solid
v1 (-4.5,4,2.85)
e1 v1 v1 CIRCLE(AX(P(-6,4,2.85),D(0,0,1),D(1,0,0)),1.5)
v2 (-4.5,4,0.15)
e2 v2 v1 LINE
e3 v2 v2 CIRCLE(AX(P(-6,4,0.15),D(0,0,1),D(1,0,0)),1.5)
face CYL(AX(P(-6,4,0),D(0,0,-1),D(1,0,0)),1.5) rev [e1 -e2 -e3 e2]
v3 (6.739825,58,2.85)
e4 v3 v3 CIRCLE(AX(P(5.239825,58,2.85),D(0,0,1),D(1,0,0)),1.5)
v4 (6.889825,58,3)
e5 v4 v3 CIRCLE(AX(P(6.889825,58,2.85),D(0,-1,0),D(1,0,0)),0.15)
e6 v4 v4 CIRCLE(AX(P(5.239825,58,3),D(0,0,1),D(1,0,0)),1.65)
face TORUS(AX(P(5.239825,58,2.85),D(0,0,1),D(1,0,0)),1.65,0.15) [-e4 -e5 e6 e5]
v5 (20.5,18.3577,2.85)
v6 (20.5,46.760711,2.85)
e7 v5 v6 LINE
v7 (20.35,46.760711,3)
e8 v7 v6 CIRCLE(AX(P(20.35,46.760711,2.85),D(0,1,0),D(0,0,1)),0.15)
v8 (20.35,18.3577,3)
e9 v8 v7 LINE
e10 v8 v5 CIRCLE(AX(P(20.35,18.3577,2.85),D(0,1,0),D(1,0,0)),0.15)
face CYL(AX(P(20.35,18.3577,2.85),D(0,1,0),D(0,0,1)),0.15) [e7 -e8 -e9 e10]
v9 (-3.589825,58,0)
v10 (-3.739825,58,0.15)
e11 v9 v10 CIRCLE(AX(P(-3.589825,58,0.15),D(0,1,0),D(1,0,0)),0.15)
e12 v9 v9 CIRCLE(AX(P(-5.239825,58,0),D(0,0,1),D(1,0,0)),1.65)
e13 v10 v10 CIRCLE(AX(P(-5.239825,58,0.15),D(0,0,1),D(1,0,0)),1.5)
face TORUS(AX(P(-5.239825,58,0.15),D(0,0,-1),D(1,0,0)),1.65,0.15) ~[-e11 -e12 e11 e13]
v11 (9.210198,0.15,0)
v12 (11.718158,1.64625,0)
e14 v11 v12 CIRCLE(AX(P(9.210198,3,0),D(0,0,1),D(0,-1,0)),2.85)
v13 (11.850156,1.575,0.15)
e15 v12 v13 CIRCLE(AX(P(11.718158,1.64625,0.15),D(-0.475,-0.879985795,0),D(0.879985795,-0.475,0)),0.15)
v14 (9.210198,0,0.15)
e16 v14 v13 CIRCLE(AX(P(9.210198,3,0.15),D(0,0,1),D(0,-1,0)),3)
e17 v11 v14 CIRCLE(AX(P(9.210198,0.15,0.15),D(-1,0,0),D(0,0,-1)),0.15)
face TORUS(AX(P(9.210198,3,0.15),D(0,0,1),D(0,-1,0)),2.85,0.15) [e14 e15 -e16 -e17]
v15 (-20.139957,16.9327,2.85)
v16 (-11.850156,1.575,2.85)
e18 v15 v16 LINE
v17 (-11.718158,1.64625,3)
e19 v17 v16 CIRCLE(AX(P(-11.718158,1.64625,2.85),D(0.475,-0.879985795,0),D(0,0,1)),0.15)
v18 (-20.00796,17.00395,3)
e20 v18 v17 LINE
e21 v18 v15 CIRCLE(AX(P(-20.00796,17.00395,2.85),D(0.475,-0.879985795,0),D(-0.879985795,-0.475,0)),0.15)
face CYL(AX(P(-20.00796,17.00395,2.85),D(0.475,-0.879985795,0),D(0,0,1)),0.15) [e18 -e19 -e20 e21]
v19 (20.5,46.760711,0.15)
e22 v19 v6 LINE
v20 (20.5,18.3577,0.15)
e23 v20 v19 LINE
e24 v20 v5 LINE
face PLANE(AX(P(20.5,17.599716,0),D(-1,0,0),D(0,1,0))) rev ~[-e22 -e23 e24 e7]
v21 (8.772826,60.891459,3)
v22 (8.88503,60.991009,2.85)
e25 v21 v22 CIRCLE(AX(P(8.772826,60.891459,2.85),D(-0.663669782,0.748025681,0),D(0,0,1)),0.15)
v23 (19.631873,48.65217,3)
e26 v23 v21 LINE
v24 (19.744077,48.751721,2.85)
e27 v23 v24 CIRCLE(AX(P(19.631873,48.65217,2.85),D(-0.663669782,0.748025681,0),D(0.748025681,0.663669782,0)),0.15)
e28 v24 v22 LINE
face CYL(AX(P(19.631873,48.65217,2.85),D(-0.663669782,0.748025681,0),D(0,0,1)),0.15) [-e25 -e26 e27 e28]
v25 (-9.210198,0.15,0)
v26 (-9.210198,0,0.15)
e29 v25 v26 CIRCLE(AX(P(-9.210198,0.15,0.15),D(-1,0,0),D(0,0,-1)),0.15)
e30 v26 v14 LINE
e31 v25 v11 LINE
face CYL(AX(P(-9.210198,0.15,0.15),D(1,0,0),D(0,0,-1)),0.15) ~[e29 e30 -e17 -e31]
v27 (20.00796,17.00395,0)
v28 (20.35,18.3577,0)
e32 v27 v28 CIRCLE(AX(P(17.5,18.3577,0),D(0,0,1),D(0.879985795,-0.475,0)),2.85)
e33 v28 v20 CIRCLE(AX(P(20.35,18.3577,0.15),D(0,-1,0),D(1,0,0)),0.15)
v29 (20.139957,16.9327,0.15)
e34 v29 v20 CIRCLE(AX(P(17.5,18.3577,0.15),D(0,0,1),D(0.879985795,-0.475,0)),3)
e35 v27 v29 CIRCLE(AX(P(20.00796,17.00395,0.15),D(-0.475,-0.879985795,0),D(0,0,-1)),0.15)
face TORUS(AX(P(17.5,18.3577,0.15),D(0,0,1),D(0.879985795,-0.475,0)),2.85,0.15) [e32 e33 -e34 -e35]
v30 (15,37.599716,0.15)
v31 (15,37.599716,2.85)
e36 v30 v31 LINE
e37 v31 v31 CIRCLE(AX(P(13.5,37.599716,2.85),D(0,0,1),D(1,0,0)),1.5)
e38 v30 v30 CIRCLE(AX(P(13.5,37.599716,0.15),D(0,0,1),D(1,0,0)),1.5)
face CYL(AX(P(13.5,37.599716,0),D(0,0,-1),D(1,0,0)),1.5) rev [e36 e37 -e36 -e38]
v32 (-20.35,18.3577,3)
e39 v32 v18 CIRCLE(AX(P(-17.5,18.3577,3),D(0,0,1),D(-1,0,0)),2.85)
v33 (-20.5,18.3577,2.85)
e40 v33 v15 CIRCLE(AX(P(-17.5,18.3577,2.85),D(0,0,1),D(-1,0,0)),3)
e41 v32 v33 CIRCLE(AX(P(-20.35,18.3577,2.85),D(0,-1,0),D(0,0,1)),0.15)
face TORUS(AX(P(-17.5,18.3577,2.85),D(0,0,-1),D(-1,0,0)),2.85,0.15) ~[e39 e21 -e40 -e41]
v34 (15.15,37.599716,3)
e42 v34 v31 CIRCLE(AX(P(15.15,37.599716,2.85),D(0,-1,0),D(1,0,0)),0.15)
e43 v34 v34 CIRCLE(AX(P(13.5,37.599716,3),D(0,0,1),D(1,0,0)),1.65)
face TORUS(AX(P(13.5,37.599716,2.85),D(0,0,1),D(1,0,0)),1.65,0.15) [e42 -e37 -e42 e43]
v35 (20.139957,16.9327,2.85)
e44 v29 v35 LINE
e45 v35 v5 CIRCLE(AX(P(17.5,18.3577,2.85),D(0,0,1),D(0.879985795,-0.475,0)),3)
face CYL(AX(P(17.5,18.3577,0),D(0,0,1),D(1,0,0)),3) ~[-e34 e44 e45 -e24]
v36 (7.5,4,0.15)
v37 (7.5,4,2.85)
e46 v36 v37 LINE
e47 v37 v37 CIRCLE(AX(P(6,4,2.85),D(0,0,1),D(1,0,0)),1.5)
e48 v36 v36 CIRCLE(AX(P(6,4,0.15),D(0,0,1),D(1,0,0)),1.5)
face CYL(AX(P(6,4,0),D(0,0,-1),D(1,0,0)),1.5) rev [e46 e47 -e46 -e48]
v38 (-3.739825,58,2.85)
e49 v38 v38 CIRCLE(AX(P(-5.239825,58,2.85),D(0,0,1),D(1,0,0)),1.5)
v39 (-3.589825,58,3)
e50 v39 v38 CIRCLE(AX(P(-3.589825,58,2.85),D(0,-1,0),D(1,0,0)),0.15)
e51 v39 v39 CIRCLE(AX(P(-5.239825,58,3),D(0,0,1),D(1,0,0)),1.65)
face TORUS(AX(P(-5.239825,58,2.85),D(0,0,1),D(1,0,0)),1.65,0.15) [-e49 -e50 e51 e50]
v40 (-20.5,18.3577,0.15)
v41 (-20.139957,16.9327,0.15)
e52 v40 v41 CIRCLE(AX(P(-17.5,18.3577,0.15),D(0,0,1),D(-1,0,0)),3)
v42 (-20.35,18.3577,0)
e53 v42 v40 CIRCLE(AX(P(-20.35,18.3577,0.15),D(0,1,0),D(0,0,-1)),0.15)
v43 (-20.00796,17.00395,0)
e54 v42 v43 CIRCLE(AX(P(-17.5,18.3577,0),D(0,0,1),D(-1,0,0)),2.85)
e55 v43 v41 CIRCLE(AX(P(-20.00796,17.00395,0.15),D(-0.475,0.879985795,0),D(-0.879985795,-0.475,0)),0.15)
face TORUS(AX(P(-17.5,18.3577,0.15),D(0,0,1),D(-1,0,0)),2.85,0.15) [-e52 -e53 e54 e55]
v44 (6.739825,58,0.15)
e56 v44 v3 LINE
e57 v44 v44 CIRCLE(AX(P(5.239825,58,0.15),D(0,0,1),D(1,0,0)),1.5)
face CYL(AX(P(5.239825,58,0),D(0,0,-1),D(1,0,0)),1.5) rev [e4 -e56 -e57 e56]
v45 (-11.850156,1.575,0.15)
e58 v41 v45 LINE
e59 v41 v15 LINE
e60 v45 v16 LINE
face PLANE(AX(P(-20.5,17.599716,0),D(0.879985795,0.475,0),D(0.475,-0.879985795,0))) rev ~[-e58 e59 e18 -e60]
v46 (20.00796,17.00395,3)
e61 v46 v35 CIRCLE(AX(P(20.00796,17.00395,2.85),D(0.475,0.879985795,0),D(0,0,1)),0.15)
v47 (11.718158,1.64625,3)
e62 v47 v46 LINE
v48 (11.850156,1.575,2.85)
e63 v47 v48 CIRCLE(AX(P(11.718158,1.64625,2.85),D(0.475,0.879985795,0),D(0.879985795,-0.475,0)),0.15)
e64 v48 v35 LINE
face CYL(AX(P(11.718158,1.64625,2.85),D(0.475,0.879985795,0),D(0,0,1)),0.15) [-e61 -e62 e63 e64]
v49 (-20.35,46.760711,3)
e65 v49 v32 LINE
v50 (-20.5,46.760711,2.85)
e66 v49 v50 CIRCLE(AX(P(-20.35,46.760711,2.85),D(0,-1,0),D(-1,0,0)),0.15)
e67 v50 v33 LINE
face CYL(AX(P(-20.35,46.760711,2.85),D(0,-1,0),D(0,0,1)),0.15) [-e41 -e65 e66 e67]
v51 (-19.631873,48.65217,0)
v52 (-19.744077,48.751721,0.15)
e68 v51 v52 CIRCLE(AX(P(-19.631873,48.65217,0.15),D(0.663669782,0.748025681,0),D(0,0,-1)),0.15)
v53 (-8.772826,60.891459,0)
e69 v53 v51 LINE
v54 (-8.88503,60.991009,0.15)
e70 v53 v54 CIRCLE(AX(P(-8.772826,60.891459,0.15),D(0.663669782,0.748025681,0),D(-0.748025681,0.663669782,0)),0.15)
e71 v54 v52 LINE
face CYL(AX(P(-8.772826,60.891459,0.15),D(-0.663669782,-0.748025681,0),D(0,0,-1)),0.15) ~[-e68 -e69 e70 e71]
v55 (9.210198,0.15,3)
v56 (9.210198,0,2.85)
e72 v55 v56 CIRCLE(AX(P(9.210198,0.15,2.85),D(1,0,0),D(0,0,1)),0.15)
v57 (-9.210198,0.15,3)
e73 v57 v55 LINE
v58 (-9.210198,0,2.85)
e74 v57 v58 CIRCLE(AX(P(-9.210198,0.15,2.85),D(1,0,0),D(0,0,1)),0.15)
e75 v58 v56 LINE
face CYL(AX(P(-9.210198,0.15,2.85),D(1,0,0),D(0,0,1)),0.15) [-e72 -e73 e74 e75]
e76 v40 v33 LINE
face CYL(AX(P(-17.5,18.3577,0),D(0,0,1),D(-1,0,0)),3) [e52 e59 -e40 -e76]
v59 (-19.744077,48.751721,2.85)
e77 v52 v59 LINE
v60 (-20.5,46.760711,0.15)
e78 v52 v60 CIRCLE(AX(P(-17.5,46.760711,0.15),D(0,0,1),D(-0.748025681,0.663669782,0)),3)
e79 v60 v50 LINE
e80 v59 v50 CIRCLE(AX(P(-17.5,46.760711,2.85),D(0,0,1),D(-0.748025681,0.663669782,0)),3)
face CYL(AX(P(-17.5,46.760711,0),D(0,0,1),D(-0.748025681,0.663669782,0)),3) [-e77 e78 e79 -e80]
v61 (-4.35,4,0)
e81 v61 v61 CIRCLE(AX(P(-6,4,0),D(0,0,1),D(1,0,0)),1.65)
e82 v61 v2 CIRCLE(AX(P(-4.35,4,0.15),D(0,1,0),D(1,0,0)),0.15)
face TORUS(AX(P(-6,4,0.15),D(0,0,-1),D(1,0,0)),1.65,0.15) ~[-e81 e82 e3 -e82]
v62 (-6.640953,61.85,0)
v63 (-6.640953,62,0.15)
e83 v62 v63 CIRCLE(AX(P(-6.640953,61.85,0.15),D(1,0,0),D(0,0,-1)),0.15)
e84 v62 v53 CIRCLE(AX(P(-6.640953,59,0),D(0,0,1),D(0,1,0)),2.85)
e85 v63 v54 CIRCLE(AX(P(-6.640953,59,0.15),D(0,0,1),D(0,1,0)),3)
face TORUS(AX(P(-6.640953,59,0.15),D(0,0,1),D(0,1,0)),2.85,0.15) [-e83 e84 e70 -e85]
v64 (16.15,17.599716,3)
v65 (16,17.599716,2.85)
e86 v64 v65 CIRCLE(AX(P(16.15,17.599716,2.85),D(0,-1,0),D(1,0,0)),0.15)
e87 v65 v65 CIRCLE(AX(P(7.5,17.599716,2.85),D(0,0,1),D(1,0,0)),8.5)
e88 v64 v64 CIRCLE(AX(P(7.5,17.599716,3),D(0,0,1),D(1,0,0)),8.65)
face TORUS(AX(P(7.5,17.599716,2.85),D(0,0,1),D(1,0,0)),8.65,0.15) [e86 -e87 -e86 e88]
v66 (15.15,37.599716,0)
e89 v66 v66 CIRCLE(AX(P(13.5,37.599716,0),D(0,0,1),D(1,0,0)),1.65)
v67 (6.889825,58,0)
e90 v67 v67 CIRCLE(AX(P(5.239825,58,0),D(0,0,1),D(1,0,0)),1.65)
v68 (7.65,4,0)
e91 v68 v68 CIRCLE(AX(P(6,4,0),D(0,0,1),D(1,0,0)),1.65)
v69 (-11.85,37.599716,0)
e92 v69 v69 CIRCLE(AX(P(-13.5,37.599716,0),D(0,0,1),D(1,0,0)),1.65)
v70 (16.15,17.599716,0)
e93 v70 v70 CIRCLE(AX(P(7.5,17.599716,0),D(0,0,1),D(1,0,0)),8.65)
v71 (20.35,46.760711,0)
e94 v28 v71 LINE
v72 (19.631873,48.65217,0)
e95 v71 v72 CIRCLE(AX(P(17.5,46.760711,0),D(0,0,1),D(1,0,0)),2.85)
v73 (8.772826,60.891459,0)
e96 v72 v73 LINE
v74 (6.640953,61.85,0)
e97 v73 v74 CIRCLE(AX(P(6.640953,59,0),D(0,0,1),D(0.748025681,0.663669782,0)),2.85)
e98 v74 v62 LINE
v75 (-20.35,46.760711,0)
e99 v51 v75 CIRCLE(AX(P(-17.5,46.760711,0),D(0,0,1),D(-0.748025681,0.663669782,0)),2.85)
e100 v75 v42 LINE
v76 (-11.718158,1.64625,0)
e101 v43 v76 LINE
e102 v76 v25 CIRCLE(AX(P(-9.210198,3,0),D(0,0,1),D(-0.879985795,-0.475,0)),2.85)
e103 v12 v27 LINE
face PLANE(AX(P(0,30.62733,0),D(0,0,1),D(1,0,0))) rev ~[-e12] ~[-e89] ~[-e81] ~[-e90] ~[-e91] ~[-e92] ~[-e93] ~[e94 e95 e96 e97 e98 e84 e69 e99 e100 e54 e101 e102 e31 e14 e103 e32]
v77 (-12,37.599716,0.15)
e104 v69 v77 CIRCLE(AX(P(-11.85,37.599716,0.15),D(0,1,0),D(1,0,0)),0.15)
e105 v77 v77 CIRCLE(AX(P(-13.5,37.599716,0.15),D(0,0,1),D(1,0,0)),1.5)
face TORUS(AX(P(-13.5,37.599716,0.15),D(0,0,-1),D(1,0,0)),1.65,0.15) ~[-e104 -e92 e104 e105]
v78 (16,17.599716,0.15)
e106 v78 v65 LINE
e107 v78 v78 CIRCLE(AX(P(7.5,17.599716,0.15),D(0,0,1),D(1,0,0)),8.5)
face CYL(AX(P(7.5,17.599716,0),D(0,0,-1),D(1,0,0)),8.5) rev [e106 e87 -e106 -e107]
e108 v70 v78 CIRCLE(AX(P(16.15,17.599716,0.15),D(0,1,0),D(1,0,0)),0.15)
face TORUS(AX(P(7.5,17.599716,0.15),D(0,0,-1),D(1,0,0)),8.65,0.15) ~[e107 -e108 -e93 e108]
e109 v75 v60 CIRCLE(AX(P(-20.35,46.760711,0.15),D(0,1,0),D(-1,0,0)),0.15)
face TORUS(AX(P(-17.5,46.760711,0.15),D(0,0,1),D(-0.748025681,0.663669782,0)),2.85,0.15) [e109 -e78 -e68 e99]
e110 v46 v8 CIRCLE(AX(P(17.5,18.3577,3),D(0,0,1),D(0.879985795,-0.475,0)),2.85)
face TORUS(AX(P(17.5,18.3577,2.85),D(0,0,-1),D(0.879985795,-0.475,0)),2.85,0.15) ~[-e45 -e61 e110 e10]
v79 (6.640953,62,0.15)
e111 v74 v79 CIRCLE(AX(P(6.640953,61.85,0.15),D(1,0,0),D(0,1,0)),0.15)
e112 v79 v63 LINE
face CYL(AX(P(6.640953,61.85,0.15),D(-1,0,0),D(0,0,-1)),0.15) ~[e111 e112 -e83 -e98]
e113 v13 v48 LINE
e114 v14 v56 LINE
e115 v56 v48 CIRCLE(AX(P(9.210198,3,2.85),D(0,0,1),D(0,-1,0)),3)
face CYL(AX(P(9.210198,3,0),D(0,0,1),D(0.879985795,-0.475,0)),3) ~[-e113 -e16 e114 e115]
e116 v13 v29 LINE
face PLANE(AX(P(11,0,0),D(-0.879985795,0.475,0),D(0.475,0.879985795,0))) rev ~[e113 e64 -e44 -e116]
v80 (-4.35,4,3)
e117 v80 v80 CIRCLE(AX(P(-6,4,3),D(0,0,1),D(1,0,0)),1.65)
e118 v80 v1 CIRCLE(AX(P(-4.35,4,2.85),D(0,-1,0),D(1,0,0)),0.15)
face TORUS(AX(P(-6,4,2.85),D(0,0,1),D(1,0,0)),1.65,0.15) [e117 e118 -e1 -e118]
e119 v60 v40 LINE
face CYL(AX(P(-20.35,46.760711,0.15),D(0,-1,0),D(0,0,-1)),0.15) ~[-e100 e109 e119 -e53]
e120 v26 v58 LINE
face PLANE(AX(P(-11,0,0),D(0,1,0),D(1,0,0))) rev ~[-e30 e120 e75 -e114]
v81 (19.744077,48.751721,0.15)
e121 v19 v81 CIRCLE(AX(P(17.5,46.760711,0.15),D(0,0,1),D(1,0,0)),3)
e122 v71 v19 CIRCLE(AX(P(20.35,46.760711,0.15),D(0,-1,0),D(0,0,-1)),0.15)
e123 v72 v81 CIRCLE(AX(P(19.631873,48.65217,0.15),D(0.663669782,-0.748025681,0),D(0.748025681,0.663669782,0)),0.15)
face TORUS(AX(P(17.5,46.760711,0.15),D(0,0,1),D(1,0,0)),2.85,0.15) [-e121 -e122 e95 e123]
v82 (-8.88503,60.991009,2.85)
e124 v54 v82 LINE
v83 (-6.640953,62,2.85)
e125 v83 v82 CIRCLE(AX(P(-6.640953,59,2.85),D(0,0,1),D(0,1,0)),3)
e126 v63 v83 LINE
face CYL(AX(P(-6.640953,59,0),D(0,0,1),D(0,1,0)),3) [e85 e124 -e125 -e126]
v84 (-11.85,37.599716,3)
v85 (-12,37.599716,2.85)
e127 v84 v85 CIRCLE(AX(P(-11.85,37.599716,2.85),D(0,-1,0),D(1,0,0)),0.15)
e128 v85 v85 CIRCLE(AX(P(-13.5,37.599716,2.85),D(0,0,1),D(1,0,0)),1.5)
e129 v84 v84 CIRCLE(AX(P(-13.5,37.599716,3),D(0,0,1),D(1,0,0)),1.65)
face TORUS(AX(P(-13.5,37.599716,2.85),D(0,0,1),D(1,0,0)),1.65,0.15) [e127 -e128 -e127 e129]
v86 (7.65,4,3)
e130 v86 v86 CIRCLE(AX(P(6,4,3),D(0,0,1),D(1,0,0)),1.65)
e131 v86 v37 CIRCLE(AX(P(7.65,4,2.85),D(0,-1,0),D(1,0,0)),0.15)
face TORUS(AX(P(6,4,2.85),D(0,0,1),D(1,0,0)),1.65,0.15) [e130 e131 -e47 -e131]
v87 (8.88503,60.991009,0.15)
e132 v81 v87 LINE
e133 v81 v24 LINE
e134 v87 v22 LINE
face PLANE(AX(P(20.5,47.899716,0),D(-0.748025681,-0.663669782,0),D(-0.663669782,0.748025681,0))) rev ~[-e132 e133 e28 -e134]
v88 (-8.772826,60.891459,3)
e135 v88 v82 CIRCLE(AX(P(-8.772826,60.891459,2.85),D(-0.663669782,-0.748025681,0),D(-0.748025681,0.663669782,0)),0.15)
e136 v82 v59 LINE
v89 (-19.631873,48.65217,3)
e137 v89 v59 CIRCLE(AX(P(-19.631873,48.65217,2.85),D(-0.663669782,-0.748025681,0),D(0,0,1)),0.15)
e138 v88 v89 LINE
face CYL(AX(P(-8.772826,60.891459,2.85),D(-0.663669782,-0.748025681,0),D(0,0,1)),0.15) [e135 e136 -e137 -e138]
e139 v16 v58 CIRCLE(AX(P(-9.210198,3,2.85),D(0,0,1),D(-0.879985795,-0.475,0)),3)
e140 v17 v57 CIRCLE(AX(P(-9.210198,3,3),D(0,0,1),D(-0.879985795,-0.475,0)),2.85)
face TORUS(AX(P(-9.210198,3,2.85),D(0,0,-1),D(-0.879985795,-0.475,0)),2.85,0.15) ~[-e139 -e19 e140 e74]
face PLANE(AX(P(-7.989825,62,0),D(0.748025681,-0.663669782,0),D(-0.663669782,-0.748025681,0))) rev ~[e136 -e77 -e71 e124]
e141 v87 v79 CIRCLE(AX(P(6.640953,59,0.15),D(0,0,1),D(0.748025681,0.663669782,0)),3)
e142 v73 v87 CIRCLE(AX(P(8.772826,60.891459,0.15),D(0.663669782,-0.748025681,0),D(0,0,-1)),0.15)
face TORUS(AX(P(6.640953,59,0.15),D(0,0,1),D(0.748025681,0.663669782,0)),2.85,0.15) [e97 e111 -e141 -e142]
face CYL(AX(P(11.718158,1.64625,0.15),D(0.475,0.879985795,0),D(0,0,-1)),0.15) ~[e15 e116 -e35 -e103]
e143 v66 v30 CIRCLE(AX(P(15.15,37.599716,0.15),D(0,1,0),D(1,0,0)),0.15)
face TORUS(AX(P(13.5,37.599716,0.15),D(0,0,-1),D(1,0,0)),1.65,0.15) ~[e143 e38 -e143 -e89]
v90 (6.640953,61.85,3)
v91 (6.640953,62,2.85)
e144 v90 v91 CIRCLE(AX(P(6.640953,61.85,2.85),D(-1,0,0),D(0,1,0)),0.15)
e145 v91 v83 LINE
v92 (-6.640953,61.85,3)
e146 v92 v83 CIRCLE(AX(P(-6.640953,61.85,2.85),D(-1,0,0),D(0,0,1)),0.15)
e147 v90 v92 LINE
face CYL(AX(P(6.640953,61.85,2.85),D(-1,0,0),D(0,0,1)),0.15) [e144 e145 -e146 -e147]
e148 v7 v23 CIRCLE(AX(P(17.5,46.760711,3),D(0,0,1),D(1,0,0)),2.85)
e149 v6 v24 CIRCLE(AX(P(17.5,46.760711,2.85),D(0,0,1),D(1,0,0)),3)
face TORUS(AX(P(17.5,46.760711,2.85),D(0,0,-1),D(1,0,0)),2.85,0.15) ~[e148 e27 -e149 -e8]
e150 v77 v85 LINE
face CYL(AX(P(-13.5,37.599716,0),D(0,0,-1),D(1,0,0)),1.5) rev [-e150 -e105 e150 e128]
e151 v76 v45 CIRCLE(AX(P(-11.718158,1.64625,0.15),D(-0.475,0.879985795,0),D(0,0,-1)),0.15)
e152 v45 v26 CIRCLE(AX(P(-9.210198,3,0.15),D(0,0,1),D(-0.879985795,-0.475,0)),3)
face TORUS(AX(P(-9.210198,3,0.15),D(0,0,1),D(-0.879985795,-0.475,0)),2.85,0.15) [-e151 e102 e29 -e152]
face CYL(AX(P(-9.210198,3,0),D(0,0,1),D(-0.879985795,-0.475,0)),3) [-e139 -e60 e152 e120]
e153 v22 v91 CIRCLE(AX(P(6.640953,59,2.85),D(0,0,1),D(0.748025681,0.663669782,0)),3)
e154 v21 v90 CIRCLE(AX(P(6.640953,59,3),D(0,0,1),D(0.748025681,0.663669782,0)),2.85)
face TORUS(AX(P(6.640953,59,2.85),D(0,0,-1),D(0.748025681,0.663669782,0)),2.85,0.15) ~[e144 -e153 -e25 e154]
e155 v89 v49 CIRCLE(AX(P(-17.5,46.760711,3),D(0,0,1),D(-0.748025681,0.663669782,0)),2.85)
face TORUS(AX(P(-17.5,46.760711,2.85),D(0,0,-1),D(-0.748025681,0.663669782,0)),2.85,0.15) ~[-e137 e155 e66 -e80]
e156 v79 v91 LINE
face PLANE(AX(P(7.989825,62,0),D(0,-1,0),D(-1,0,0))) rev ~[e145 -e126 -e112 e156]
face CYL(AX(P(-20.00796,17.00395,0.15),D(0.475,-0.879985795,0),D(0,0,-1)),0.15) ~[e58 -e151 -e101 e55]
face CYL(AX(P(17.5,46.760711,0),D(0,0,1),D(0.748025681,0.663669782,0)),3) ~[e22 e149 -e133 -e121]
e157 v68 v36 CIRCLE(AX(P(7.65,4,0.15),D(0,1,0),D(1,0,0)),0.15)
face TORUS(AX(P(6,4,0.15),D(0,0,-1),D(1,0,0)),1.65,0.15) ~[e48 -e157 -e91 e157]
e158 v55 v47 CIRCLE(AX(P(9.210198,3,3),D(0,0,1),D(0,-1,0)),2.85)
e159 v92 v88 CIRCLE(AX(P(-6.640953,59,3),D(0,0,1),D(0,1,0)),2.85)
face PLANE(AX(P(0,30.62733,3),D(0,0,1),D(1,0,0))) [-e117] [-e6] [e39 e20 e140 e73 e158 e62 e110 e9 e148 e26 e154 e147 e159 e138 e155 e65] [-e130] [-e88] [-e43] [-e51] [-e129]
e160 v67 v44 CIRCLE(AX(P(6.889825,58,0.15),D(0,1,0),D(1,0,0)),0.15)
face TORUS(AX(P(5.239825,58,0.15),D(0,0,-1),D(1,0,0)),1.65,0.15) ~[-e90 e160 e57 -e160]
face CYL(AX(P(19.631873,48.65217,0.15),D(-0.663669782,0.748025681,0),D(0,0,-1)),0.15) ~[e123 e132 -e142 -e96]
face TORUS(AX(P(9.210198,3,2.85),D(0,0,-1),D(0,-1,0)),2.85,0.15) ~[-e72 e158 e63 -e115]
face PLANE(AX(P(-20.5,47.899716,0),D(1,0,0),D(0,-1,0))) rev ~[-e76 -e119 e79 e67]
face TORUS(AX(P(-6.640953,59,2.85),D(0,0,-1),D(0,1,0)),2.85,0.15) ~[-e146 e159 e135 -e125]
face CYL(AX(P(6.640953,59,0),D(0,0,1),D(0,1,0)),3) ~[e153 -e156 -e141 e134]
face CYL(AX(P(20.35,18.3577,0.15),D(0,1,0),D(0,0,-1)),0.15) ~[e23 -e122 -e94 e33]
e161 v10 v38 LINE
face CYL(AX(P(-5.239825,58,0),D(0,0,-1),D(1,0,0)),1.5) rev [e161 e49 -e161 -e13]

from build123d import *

# Parameters (mm, degrees)
SKETCH1_R           = 1.5
SKETCH1_R_2         = 8.5
BOSS_EXTRUDE1_DEPTH = 3
FILLET1_R           = 3
FILLET2_R           = 0.15


with BuildPart() as part:
    # Sketch1 → Boss-Extrude1 (new body)
    with BuildSketch(Plane.XY):
        Polygon((7.989824602, 62), (-7.989824602, 62), (-20.5, 47.899715907), (-20.5, 17.599715907), (-11, 0), (0, 0), (11, 0), (20.5, 17.599715907), (20.5, 47.899715907), align=None)
        with Locations((-6, 4)):
            Circle(SKETCH1_R, mode=Mode.SUBTRACT)
        with Locations((-13.5, 37.599715907)):
            Circle(SKETCH1_R, mode=Mode.SUBTRACT)
        with Locations((-5.239824602, 58)):
            Circle(SKETCH1_R, mode=Mode.SUBTRACT)
        with Locations((5.239824602, 58)):
            Circle(SKETCH1_R, mode=Mode.SUBTRACT)
        with Locations((13.5, 37.599715907)):
            Circle(SKETCH1_R, mode=Mode.SUBTRACT)
        with Locations((6, 4)):
            Circle(SKETCH1_R, mode=Mode.SUBTRACT)
        with Locations((7.5, 17.599715907)):
            Circle(SKETCH1_R_2, mode=Mode.SUBTRACT)
    extrude(amount=BOSS_EXTRUDE1_DEPTH)

    # Fillet1
    fillet1_edges = [part.edges().sort_by_distance(p)[0] for p in [
        (-11, 0, 1.5),
        (-20.5, 17.599715907, 1.5),
        (-20.5, 47.899715907, 1.5),
        (-7.989824602, 62, 1.5),
        (7.989824602, 62, 1.5),
        (20.5, 47.899715907, 1.5),
        (20.5, 17.599715907, 1.5),
        (11, 0, 1.5),
    ]]
    fillet(fillet1_edges, radius=FILLET1_R)

    # Fillet2
    fillet2_edges = [part.edges().sort_by_distance(p)[0] for p in [
        (-7.5, 4, 0),
        (-7.5, 4, 3),
        (-15, 37.599715907, 0),
        (-15, 37.599715907, 3),
        (-6.739824602, 58, 0),
        (-6.739824602, 58, 3),
        (3.739824602, 58, 0),
        (3.739824602, 58, 3),
        (12, 37.599715907, 0),
        (12, 37.599715907, 3),
        (4.5, 4, 0),
        (4.5, 4, 3),
        (-1, 17.599715907, 0),
        (-1, 17.599715907, 3),
        (0, 0, 0),
        (0, 0, 3),
        (15.995056577, 9.253850179, 0),
        (-15.995056577, 9.253850179, 0),
        (-20.5, 32.559205816, 0),
        (-14.314553508, 54.871364985, 0),
        (0, 62, 0),
        (14.314553508, 54.871364985, 0),
        (20.5, 32.559205816, 0),
        (20.408596926, 17.622809943, 0),
        (10.747240997, 0.423665394, 0),
        (20.304659617, 47.825551373, 0),
        (7.871191108, 61.736149488, 0),
        (-7.871191108, 61.736149488, 0),
        (-20.304659617, 47.825551373, 0),
        (-20.408596926, 17.622809943, 0),
        (-10.747240997, 0.423665394, 0),
        (-15.995056577, 9.253850179, 3),
        (15.995056577, 9.253850179, 3),
        (20.5, 32.559205816, 3),
        (14.314553508, 54.871364985, 3),
        (0, 62, 3),
        (-14.314553508, 54.871364985, 3),
        (-20.5, 32.559205816, 3),
        (20.408596926, 17.622809943, 3),
        (10.747240997, 0.423665394, 3),
        (20.304659617, 47.825551373, 3),
        (7.871191108, 61.736149488, 3),
        (-7.871191108, 61.736149488, 3),
        (-20.304659617, 47.825551373, 3),
        (-20.408596926, 17.622809943, 3),
        (-10.747240997, 0.423665394, 3),
    ]]
    fillet(fillet2_edges, radius=FILLET2_R)


solid = part.part
